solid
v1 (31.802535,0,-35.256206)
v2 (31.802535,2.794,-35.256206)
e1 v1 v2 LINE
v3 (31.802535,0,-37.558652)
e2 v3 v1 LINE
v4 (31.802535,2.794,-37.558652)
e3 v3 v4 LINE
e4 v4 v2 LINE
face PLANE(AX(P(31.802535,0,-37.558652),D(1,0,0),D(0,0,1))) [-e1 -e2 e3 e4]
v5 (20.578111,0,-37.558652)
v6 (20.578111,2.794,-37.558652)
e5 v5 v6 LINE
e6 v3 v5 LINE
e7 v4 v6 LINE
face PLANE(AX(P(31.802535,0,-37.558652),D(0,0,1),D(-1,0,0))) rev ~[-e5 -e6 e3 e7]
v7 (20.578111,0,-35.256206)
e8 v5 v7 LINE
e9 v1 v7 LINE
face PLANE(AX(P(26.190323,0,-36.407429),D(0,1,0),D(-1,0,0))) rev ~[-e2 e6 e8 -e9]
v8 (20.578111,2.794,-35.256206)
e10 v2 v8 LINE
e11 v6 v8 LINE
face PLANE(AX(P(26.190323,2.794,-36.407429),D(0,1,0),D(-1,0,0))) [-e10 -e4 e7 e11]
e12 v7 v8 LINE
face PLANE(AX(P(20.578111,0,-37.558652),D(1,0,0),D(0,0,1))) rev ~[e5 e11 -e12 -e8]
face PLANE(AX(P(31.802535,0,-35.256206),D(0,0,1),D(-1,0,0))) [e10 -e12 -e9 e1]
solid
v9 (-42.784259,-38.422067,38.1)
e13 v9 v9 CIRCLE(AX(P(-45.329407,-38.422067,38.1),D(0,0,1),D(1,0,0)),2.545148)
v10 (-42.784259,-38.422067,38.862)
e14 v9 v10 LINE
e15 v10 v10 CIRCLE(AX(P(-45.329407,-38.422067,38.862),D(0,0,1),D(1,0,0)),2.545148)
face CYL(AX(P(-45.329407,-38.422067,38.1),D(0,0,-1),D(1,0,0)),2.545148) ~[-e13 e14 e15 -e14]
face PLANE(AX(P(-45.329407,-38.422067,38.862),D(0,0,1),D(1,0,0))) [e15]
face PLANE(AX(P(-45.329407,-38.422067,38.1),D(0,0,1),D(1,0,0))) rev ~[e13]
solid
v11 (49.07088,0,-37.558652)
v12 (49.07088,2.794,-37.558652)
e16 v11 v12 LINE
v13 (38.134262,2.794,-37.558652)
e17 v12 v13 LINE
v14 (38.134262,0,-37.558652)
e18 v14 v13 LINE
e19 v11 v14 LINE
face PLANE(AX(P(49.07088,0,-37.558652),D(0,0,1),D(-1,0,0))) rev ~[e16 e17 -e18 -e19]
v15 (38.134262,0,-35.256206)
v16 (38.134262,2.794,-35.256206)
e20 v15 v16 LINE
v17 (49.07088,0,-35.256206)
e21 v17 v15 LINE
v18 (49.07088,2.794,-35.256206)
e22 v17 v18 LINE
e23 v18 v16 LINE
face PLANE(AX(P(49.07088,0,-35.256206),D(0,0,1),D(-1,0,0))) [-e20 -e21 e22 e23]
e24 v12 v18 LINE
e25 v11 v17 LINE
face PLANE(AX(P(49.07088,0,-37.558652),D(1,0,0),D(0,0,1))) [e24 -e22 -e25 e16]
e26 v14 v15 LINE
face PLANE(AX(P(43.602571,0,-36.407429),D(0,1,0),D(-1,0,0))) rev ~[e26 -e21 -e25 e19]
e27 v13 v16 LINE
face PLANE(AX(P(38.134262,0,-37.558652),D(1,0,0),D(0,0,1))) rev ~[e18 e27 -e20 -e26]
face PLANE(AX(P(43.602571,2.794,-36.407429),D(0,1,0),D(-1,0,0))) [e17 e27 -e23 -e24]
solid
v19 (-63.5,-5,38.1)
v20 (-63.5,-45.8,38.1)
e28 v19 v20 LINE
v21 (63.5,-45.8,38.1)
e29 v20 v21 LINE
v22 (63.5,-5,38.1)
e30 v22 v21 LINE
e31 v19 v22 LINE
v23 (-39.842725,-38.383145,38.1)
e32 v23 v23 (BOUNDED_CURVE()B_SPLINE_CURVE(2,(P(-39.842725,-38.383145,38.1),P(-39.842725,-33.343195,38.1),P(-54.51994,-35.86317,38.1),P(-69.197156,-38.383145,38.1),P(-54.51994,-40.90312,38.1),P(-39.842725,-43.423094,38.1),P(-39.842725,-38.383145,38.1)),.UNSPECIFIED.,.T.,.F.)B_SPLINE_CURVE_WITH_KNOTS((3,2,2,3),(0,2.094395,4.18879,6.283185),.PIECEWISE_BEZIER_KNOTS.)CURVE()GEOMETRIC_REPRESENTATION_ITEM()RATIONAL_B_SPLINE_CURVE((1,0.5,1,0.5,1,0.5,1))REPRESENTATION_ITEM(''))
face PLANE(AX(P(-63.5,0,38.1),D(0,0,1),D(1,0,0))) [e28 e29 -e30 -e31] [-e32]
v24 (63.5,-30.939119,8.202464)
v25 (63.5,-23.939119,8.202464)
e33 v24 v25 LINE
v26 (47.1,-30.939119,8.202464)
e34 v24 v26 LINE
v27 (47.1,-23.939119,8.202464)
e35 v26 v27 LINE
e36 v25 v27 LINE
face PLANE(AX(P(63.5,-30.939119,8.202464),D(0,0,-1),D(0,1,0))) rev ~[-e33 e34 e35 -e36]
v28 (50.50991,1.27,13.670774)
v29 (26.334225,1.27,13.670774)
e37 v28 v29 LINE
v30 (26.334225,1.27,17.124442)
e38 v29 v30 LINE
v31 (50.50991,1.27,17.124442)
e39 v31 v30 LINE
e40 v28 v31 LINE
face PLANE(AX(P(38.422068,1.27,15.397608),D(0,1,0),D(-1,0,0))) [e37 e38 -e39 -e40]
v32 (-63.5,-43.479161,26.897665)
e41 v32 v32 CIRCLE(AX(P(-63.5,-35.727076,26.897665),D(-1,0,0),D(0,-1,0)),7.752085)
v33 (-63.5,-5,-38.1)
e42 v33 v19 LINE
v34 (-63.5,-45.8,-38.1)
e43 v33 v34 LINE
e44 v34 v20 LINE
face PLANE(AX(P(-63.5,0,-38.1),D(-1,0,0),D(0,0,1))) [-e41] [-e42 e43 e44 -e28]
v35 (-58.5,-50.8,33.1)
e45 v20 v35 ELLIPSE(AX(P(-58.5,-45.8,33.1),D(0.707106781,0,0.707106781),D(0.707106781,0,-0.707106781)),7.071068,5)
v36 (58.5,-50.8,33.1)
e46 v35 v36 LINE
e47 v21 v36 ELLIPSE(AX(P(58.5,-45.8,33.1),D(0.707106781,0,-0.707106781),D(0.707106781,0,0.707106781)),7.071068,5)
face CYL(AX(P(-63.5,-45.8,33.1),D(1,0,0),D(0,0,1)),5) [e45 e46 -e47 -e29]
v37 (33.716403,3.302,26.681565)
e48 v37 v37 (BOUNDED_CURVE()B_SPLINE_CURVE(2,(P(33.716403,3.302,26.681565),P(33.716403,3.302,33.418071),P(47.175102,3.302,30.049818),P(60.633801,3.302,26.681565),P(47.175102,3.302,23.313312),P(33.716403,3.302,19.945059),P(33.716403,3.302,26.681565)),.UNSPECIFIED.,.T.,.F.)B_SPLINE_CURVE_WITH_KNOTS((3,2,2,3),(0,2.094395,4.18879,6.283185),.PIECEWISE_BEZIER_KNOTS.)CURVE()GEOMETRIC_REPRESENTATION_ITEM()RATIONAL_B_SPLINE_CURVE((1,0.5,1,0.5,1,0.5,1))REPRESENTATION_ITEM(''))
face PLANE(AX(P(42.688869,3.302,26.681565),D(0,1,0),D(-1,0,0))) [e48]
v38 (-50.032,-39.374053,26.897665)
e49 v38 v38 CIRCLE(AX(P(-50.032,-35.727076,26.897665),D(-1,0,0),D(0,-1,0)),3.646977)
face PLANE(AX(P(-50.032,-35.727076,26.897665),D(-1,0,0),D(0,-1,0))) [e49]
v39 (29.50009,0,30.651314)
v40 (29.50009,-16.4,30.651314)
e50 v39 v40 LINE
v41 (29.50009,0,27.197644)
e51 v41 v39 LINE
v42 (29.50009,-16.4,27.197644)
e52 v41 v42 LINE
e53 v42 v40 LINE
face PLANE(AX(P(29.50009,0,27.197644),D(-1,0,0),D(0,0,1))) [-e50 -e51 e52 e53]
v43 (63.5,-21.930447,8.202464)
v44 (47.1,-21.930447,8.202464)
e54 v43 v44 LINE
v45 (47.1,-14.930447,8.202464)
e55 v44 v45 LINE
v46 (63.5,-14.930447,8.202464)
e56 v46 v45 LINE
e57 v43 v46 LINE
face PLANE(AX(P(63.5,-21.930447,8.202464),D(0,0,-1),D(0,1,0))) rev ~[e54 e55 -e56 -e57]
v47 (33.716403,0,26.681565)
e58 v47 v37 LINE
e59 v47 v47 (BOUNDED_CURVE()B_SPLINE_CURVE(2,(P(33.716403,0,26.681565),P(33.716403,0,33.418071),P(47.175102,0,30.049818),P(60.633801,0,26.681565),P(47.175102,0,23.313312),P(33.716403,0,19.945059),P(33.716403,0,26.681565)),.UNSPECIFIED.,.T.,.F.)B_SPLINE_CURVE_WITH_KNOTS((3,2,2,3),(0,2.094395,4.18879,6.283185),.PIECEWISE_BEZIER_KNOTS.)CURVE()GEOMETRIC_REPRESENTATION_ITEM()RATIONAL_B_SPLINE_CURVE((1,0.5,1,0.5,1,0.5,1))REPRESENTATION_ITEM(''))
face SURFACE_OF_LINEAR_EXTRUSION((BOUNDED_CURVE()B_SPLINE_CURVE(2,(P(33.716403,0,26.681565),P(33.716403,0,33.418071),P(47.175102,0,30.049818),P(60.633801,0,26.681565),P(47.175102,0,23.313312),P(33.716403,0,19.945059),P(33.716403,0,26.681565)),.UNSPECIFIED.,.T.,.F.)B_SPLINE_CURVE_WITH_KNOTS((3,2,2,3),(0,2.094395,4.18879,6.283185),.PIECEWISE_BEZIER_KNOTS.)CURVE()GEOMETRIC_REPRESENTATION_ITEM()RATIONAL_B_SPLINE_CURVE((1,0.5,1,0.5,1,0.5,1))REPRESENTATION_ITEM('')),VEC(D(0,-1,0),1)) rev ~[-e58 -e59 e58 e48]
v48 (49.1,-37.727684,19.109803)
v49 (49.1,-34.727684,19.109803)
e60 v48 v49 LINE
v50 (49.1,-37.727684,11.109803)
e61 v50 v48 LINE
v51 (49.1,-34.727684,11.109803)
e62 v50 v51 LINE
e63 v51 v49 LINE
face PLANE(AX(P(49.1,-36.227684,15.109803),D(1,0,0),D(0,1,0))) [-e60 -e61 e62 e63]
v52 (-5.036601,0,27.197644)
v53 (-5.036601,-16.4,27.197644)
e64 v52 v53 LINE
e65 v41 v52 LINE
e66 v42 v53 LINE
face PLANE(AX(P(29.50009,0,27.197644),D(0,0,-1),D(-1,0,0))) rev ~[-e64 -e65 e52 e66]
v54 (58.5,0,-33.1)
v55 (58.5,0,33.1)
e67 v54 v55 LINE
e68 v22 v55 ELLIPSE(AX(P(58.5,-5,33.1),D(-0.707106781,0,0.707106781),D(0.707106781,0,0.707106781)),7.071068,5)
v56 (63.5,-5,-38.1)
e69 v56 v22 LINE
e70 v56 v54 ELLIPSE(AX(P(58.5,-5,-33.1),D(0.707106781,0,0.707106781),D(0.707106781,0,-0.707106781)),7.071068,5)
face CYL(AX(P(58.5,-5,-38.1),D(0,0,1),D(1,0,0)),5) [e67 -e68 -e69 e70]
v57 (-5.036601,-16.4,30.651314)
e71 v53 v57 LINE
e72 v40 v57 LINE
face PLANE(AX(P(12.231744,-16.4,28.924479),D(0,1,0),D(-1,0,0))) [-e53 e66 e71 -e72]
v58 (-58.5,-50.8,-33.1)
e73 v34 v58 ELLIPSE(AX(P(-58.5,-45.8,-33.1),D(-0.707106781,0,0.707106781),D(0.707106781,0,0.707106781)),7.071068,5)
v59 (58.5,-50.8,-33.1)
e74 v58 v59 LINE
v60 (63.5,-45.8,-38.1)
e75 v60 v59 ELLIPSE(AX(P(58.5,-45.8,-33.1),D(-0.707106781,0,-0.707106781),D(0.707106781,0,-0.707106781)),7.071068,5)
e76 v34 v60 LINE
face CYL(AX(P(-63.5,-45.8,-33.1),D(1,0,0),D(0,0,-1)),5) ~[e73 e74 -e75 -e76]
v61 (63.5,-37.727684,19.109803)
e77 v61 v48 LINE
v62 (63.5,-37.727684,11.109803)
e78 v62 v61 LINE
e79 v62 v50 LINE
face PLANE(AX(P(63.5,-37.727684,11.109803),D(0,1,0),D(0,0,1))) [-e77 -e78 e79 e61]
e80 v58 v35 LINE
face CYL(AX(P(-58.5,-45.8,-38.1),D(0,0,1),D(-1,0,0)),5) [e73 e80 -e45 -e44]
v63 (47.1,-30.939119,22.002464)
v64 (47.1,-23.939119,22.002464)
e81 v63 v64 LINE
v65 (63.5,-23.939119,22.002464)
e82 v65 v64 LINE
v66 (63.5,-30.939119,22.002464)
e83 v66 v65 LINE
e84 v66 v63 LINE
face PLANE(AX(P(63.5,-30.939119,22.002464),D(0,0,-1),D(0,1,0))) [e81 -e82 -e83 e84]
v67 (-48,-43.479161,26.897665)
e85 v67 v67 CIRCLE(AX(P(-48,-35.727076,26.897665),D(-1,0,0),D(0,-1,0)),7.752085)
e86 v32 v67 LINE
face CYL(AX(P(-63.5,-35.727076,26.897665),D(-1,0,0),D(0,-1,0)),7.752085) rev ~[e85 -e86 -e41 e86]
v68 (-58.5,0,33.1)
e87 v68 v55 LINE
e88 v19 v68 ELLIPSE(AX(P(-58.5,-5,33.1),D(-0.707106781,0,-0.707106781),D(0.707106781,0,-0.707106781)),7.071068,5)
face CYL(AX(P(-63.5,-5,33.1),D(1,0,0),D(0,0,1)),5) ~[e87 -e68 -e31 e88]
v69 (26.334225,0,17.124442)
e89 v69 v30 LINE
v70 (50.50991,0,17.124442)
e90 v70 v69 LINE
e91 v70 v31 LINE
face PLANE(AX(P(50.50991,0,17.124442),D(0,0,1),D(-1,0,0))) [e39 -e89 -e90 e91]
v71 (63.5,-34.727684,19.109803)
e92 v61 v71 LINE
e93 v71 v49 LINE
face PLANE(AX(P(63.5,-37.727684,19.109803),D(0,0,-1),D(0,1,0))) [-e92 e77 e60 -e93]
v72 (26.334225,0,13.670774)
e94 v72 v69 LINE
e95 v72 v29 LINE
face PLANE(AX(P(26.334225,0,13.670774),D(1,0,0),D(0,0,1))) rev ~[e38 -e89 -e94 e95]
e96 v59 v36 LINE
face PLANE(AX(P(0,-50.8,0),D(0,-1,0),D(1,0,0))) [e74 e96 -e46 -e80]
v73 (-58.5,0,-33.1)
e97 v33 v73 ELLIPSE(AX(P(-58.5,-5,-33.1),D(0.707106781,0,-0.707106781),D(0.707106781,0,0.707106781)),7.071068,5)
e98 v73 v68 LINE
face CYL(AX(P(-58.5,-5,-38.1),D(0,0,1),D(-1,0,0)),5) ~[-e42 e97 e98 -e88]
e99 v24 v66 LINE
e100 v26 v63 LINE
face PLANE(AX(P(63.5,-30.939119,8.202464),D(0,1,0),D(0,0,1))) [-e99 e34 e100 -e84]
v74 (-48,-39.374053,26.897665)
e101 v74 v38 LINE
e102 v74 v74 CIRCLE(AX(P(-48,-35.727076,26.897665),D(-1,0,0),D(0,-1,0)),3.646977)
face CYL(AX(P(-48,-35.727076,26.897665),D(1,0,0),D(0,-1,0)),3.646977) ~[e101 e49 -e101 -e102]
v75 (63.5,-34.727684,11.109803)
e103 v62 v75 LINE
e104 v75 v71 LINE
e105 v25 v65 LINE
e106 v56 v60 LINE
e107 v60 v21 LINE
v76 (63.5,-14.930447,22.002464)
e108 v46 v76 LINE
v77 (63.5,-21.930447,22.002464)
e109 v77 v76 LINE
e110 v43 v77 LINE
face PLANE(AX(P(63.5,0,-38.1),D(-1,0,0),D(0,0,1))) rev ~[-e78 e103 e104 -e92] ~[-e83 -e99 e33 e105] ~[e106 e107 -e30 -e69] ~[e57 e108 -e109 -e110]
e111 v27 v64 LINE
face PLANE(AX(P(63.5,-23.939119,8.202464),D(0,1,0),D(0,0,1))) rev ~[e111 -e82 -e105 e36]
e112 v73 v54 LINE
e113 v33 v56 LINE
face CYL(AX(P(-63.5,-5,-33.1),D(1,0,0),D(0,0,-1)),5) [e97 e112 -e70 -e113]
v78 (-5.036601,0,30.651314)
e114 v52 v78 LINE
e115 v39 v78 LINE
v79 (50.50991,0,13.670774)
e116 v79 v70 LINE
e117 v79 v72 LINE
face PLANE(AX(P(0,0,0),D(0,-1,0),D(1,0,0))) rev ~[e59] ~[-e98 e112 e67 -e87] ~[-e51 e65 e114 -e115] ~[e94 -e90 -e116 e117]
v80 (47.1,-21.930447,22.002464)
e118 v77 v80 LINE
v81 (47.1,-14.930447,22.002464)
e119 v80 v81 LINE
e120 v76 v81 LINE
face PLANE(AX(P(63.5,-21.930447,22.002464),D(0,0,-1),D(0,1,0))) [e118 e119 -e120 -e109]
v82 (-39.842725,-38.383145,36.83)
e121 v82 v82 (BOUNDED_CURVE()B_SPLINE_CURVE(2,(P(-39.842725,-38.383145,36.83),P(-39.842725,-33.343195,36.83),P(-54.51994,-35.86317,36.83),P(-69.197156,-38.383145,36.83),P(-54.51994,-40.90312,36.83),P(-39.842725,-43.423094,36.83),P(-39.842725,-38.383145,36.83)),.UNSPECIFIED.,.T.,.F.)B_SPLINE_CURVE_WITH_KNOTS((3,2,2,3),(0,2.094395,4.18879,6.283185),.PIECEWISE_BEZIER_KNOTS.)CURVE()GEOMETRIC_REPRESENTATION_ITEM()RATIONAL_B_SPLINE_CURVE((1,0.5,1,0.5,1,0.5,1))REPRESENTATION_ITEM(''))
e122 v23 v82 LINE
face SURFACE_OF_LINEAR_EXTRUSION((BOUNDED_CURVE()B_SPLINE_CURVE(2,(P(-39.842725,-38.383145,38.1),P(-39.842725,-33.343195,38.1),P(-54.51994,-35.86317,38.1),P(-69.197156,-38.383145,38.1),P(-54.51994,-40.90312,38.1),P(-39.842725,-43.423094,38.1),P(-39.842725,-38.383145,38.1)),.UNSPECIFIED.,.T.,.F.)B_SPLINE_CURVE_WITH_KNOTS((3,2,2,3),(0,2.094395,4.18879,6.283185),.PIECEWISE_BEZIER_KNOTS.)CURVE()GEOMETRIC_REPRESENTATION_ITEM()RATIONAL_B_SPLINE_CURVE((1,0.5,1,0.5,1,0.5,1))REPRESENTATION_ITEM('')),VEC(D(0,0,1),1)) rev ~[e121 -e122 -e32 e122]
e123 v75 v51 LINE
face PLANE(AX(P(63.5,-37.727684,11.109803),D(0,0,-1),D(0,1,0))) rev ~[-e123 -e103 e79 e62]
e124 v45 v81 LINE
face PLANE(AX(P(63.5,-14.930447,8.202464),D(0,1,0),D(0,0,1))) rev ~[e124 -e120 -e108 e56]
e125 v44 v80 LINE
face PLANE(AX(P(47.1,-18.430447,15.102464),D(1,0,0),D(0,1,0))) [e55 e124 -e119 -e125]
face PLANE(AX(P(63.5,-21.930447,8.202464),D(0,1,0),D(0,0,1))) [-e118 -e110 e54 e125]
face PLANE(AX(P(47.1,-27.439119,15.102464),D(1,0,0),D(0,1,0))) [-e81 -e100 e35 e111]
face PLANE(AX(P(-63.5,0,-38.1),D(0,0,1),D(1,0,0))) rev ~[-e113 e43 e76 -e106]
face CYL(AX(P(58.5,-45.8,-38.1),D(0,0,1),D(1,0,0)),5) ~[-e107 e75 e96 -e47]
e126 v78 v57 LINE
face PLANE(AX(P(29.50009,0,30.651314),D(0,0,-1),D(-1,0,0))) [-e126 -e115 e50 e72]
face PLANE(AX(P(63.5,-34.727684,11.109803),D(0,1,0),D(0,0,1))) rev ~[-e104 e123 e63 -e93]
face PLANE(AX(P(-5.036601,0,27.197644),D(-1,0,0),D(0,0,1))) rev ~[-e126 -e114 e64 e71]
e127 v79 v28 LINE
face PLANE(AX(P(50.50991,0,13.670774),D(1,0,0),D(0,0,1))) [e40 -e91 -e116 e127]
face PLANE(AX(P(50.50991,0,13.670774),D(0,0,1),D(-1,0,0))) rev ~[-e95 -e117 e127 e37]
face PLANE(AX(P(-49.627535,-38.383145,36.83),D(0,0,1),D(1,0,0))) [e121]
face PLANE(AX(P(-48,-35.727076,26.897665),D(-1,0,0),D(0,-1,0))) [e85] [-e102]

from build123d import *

# Parameters (mm, degrees)
F0_W      = 127
F0_H      = 76.2
F1_DEPTH  = 50.8
F2_R      = 5
F3_W      = 7
F3_H      = 13.8
F4_DEPTH  = 16.4
F5_W      = 7
F5_H      = 13.8
F6_DEPTH  = 16.4
F7_W      = 3
F7_H      = 8
F8_DEPTH  = 14.4
F9_R      = 7.752085
F10_DEPTH = 15.5
F11_R     = 3.646977
F12_DEPTH = 2.032
F14_DEPTH = 1.27
F15_R     = 2.545148
F16_DEPTH = 0.762
F18_DEPTH = 3.302
F19_W     = 34.536691
F19_H     = 3.45367
F20_DEPTH = 16.4
F21_W     = 10.936618
F21_H     = 2.302445
F21_W_2   = 11.224423
F22_DEPTH = 2.794
F23_W     = 24.175685
F23_H     = 3.453668
F24_DEPTH = 1.27


with BuildPart() as f1:
    # F0 (on Front) → F1 (new body)
    with BuildSketch(Plane.XZ):
        Rectangle(F0_W, F0_H)
    extrude(amount=F1_DEPTH)

    # F2
    f2_edges = [f1.edges().sort_by_distance(p)[0] for p in [
        (0, -50.8, -38.1),
        (0, 0, -38.1),
        (63.5, 0, 0),
        (0, 0, 38.1),
        (-63.5, 0, 0),
        (0, -50.8, 38.1),
        (63.5, -50.8, 0),
        (-63.5, -50.8, 0),
    ]]
    fillet(f2_edges, radius=F2_R)

    # F3 (on face) → F4 (cut)
    with BuildSketch(Plane.YZ.offset(63.5)):
        with Locations((-27.439119, 15.102464)):
            Rectangle(F3_W, F3_H)
    extrude(amount=-F4_DEPTH, mode=Mode.SUBTRACT)

    # F5 (on face) → F6 (cut)
    with BuildSketch(Plane.YZ.offset(63.5)):
        with Locations((-18.430447, 15.102464)):
            Rectangle(F5_W, F5_H)
    extrude(amount=-F6_DEPTH, mode=Mode.SUBTRACT)

    # F7 (on face) → F8 (cut)
    with BuildSketch(Plane.YZ.offset(63.5)):
        with Locations((-36.227684, 15.109803)):
            Rectangle(F7_W, F7_H)
    extrude(amount=-F8_DEPTH, mode=Mode.SUBTRACT)

    # F9 (on face) → F10 (cut)
    with BuildSketch(Plane(origin=(-63.5, 0, 0), x_dir=(0, -1, 0), z_dir=(-1, 0, 0))):
        with Locations((35.727076, 26.897665)):
            Circle(F9_R)
    extrude(amount=-F10_DEPTH, mode=Mode.SUBTRACT)

    # F11 (on face) → F12 (join)
    with BuildSketch(Plane(origin=(-48, 0, 0), x_dir=(0, -1, 0), z_dir=(-1, 0, 0))):
        with Locations((35.727076, 26.897665)):
            Circle(F11_R)
    extrude(amount=F12_DEPTH)

    # F13 (on face) → F14 (cut)
    with BuildSketch(Plane.XY.offset(38.1)):
        with BuildLine():
            add(Edge.make_bspline(
                [(-39.842725, -38.383145), (-39.842725, -33.343195), (-54.51994, -35.86317), (-69.197156, -38.383145), (-54.51994, -40.90312), (-39.842725, -43.423094), (-39.842725, -38.383145)],
                knots=[0, 0, 0, 2.094395, 2.094395, 4.18879, 4.18879, 6.283185, 6.283185, 6.283185], degree=2, weights=[1, 0.5, 1, 0.5, 1, 0.5, 1]))
        make_face()
    extrude(amount=-F14_DEPTH, mode=Mode.SUBTRACT)

    # F17 (on face) → F18 (join)
    with BuildSketch(Plane(origin=(0, 0, 0), x_dir=(-1, 0, 0), z_dir=(0, 1, 0))):
        with BuildLine():
            add(Edge.make_bspline(
                [(-33.716403, 26.681565), (-33.716403, 33.418071), (-47.175102, 30.049818), (-60.633801, 26.681565), (-47.175102, 23.313312), (-33.716403, 19.945059), (-33.716403, 26.681565)],
                knots=[0, 0, 0, 2.094395, 2.094395, 4.18879, 4.18879, 6.283185, 6.283185, 6.283185], degree=2, weights=[1, 0.5, 1, 0.5, 1, 0.5, 1]))
        make_face()
    extrude(amount=F18_DEPTH)

    # F19 (on face) → F20 (cut)
    with BuildSketch(Plane(origin=(0, 0, 0), x_dir=(-1, 0, 0), z_dir=(0, 1, 0))):
        with Locations((-12.231744, 28.924479)):
            Rectangle(F19_W, F19_H)
    extrude(amount=-F20_DEPTH, mode=Mode.SUBTRACT)

    # F23 (on face) → F24 (join)
    with BuildSketch(Plane(origin=(0, 0, 0), x_dir=(-1, 0, 0), z_dir=(0, 1, 0))):
        with Locations((-38.422068, 15.397608)):
            Rectangle(F23_W, F23_H)
    extrude(amount=F24_DEPTH)


with BuildPart() as f16:
    # F15 (on face) → F16 (new body)
    with BuildSketch(Plane.XY.offset(38.1)):
        with Locations((-45.329407, -38.422067)):
            Circle(F15_R)
    extrude(amount=F16_DEPTH)


with BuildPart() as f22:
    # F21 (on face) → F22 (new body)
    with BuildSketch(Plane(origin=(0, 0, 0), x_dir=(-1, 0, 0), z_dir=(0, 1, 0))):
        with Locations((-43.602571, -36.407429)):
            Rectangle(F21_W, F21_H)
        with Locations((-26.190323, -36.407429)):
            Rectangle(F21_W_2, F21_H)
    extrude(amount=F22_DEPTH)


solid = Compound([f1.part, f16.part, f22.part])
